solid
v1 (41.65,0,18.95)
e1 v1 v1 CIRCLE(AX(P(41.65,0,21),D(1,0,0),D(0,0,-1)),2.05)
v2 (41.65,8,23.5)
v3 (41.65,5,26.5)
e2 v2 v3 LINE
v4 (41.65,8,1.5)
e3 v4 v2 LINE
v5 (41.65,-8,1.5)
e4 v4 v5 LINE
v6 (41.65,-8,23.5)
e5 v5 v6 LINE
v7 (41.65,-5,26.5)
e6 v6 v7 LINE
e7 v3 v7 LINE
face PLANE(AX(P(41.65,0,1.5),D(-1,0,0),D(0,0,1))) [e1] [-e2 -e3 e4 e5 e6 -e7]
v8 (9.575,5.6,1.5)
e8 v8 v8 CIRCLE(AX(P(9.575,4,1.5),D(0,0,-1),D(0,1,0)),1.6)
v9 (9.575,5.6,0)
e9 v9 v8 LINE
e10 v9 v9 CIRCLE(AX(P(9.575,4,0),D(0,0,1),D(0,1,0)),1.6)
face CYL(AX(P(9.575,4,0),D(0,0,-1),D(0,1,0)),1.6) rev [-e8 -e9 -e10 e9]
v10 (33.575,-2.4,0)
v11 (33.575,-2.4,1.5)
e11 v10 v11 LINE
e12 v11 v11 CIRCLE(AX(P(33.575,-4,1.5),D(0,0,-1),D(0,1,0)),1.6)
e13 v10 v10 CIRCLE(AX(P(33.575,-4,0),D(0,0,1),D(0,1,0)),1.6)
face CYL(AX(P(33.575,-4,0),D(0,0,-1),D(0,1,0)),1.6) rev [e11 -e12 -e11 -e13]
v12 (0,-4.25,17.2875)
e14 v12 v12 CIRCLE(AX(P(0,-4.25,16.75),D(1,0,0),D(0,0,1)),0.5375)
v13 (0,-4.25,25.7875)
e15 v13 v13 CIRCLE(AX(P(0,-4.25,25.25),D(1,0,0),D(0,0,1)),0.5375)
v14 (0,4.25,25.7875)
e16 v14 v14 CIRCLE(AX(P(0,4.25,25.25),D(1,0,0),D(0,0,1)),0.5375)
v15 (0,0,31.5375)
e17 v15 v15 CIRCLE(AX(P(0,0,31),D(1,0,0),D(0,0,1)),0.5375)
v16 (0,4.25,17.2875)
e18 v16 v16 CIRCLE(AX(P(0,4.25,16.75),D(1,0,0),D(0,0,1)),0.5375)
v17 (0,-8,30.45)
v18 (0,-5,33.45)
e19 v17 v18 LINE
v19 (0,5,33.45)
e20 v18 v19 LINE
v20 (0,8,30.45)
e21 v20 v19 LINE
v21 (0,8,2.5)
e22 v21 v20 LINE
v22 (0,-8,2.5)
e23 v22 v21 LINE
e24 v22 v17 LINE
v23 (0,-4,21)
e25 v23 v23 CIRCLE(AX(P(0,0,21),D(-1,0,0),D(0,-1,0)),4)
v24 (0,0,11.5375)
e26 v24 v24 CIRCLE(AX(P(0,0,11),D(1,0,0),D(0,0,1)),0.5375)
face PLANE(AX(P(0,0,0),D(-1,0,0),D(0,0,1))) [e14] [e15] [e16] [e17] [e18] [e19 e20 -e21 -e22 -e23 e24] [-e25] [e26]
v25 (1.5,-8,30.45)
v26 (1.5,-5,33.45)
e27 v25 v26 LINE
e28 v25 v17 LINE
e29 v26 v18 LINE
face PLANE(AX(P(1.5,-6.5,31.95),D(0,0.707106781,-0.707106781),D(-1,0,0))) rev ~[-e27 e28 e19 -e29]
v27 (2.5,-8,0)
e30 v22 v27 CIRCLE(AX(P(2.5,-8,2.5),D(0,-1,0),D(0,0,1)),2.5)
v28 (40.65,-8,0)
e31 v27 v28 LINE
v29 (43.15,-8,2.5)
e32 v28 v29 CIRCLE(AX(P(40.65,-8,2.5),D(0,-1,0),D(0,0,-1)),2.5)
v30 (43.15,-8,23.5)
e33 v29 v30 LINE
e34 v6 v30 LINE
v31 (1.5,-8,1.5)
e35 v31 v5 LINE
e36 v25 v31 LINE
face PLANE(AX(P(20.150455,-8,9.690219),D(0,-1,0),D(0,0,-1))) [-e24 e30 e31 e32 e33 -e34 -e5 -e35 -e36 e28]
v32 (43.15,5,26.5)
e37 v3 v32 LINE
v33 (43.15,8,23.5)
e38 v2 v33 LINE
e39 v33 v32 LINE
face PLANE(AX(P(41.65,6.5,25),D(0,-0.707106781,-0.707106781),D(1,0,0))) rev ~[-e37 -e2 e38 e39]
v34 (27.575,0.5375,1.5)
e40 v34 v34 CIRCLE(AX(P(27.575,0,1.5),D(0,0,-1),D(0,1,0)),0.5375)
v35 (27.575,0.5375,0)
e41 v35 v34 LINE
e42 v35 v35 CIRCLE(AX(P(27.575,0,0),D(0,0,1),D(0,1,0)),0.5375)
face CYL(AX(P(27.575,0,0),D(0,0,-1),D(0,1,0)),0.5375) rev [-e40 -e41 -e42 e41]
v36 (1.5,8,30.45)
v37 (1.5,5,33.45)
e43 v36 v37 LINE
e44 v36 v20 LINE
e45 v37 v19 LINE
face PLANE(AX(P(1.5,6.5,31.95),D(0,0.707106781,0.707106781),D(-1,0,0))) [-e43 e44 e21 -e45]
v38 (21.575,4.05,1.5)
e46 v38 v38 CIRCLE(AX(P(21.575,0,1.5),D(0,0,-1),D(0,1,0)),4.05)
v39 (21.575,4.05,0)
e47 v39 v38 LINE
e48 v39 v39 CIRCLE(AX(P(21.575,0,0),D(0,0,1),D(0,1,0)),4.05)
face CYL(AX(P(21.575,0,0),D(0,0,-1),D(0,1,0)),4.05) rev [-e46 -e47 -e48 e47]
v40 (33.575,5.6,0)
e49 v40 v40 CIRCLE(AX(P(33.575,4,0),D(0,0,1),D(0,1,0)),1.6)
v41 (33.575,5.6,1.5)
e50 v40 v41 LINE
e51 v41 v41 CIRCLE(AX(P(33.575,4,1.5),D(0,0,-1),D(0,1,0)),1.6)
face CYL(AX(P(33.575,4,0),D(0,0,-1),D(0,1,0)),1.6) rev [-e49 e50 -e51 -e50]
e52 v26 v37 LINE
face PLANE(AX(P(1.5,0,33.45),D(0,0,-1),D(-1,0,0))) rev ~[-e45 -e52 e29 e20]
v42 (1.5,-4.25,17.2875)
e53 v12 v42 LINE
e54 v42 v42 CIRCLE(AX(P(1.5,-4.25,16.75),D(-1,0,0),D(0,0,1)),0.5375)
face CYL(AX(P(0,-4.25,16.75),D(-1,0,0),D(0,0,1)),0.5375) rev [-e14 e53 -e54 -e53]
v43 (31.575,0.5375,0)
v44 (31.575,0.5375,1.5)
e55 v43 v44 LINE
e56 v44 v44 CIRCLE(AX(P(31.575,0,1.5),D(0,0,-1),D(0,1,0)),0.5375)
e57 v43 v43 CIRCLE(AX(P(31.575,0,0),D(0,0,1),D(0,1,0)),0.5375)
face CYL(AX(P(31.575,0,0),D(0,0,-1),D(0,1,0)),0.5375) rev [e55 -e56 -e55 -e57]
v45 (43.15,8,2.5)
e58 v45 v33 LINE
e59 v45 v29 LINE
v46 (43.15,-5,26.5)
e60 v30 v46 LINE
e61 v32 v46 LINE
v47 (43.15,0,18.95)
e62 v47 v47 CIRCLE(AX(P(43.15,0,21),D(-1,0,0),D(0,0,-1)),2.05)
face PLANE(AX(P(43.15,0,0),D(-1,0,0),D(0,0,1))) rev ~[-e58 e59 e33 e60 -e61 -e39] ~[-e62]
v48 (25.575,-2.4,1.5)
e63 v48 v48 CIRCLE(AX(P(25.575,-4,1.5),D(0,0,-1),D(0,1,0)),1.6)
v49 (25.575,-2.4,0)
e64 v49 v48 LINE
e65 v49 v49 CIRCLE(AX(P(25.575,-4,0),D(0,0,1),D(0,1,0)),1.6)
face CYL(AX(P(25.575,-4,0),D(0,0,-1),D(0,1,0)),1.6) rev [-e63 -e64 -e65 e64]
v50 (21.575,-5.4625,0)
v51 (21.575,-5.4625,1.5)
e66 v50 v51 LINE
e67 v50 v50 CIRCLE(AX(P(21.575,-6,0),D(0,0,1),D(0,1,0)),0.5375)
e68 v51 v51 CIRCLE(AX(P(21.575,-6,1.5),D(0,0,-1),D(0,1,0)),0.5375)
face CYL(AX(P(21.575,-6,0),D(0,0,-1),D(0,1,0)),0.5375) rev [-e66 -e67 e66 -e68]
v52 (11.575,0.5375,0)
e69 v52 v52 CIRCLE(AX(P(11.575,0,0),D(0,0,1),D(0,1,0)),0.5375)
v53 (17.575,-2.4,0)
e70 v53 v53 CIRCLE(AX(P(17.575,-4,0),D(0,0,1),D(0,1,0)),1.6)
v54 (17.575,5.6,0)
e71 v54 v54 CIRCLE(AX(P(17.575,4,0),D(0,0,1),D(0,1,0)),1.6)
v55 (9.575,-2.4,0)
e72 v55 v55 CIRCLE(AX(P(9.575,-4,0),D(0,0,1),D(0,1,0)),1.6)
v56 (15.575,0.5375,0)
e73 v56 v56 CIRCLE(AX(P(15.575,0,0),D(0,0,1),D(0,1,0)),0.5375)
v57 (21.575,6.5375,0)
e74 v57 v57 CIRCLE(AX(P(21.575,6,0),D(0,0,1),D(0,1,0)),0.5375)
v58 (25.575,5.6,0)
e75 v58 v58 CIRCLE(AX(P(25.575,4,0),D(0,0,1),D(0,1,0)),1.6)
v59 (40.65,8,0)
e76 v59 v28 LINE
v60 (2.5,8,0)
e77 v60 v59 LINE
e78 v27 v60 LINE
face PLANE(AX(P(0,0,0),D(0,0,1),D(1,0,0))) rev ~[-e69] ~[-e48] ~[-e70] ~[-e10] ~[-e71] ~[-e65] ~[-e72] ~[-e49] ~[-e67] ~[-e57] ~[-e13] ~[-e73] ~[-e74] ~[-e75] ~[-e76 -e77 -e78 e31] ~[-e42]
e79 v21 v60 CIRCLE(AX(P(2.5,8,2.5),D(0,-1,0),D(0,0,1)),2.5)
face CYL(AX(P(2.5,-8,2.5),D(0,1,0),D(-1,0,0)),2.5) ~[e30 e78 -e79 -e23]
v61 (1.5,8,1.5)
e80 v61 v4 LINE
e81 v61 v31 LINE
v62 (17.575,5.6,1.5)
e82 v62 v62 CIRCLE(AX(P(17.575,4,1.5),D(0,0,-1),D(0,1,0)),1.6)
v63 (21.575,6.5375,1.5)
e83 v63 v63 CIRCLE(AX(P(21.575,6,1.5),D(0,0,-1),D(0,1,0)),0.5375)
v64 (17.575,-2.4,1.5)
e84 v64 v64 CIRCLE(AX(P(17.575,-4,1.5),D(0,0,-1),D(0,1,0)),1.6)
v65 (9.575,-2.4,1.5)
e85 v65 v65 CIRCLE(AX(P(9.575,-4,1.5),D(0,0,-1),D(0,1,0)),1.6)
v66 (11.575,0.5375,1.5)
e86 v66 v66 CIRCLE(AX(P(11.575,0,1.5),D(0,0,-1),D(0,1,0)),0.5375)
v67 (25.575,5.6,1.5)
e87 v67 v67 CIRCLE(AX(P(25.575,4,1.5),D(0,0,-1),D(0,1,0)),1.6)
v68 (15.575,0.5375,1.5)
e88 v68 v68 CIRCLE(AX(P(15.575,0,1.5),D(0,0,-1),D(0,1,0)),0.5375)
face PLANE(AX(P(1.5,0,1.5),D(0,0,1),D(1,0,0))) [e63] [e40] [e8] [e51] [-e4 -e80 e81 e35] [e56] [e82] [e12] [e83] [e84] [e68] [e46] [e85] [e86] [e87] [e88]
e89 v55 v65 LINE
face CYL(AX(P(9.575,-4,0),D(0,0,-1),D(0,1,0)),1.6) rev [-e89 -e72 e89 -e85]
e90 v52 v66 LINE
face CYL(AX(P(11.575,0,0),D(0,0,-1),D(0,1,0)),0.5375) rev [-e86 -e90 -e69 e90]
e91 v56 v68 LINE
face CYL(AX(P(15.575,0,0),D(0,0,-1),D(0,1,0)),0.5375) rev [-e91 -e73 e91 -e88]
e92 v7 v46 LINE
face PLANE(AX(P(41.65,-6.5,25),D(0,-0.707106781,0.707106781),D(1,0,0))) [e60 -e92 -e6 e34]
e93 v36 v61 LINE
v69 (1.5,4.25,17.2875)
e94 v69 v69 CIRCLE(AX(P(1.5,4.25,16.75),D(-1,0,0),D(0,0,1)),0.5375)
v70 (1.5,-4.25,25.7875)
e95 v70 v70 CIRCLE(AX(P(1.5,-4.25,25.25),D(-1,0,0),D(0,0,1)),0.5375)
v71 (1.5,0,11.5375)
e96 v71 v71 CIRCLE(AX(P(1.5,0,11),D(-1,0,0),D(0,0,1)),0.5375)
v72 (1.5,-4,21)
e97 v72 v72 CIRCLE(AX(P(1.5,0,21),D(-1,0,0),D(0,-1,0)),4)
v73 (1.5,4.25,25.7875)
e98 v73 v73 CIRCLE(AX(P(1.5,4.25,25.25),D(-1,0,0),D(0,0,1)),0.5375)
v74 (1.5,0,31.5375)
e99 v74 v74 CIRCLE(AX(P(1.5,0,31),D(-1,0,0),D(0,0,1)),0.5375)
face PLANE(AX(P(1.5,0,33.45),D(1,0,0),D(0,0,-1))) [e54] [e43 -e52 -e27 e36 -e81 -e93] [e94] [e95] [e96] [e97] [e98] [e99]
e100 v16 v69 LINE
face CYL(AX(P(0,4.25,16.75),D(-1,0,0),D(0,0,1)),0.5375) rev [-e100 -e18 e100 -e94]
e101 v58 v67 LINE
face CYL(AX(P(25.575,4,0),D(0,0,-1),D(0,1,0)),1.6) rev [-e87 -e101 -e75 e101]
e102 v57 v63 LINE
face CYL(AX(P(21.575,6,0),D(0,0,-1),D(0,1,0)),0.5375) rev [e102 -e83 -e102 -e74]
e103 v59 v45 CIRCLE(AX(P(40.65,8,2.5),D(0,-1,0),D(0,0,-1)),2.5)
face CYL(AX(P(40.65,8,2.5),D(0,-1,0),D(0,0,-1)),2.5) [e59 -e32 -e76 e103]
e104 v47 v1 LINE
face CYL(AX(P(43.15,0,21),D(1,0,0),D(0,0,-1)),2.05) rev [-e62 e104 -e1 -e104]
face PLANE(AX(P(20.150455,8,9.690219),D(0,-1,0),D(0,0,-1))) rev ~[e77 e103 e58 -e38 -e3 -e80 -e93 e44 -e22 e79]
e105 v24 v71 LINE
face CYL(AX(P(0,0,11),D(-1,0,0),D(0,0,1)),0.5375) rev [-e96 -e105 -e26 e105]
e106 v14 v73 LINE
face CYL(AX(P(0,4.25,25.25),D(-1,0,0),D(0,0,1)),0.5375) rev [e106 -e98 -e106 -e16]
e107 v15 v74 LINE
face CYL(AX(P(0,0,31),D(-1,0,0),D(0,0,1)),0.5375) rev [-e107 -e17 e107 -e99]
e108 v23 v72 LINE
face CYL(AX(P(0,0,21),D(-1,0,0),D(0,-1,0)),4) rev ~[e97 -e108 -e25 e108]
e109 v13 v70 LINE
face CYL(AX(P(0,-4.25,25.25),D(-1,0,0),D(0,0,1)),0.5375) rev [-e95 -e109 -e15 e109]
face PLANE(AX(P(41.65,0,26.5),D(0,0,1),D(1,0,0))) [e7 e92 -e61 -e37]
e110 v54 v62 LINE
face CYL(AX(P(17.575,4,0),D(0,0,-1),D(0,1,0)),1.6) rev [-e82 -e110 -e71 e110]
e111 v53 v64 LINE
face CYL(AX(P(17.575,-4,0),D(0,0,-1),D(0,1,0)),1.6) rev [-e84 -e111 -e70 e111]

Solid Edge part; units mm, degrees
sketch "Sketch1" plane through (0, 0, 0) normal (0, -1, 0) x (1, 0, 0)
  line L0 (0, 0) -> (43.15, 0)
  line L1 (43.15, 0) -> (43.15, 26.5)
  line L2 (41.65, 26.5) -> (43.15, 26.5)
  line L3 (41.65, 1.5) -> (41.65, 26.5)
  line L4 (1.5, 1.5) -> (41.65, 1.5)
  line L5 (1.5, 33.45) -> (1.5, 1.5)
  line L6 (1.5, 33.45) -> (0, 33.45)
  line L7 (0, 0) -> (0, 33.45)
  dimension "D1" = 43.15
  dimension "D2" = 33.45
  dimension "D3" = 26.5
  dimension "D4" = 1.5
extrude "Protrusion1" add sketch "Sketch1" along normal mid plane 16
hole "Hole_1" at (43.15, 0, 21) direction (-1, 0, 0) diameter 4.1 end through all
hole "Hole_2" at (0, 0, 11) direction (1, 0, 0) diameter 1.075 end up to next
hole "Hole1" at (0, 0, 31) direction (1, 0, 0) diameter 1.075 end up to next
sketch "Sketch2" plane through (0, 0, 16.725) normal (-1, 0, 0) x (0, -1, 0)
  circle A0 centre (0, 4.275) radius 4
  dimension "D1" = 8
extrude "Cutout1" cut sketch "Sketch2" against normal up to next
hole "Hole_4" at (0, -4.25, 25.25) direction (1, 0, 0) diameter 1.075 end up to next
hole "Hole2" at (0, -4.25, 16.75) direction (1, 0, 0) diameter 1.075 end up to next
hole "Hole3" at (0, 4.25, 16.75) direction (1, 0, 0) diameter 1.075 end up to next
hole "Hole4" at (0, 4.25, 25.25) direction (1, 0, 0) diameter 1.075 end up to next
chamfer "Chamfer_1" distance 3 angle 45 4 edges at (0.75, 8, 33.45) (0.75, -8, 33.45) (42.4, 8, 26.5) (42.4, -8, 26.5)
fillet "Round_1" radius 2.5 2 edges at (0, 0, 0) (43.15, 0, 0)
hole "Hole_8" at (9.575, 4, 0) direction (0, 0, 1) diameter 3.2 end up to next
hole "Hole5" at (9.575, -4, 0) direction (0, 0, 1) diameter 3.2 end up to next
hole "Hole6" at (17.575, -4, 0) direction (0, 0, 1) diameter 3.2 end up to next
hole "Hole7" at (17.575, 4, 0) direction (0, 0, 1) diameter 3.2 end up to next
hole "Hole8" at (25.575, 4, 0) direction (0, 0, 1) diameter 3.2 end up to next
hole "Hole9" at (25.575, -4, 0) direction (0, 0, 1) diameter 3.2 end up to next
hole "Hole10" at (33.575, -4, 0) direction (0, 0, 1) diameter 3.2 end up to next
hole "Hole11" at (33.575, 4, 0) direction (0, 0, 1) diameter 3.2 end up to next
hole "Hole_16" at (21.575, 0, 0) direction (0, 0, 1) diameter 8.1 end up to next
hole "Hole_17" at (21.575, 6, 0) direction (0, 0, 1) diameter 1.075 end up to next
hole "Hole12" at (21.575, -6, 0) direction (0, 0, 1) diameter 1.075 end up to next
hole "Hole13" at (15.575, 0, 0) direction (0, 0, 1) diameter 1.075 end up to next
hole "Hole14" at (27.575, 0, 0) direction (0, 0, 1) diameter 1.075 end up to next
hole "Hole15" at (31.575, 0, 0) direction (0, 0, 1) diameter 1.075 end up to next
hole "Hole16" at (11.575, 0, 0) direction (0, 0, 1) diameter 1.075 end up to next
